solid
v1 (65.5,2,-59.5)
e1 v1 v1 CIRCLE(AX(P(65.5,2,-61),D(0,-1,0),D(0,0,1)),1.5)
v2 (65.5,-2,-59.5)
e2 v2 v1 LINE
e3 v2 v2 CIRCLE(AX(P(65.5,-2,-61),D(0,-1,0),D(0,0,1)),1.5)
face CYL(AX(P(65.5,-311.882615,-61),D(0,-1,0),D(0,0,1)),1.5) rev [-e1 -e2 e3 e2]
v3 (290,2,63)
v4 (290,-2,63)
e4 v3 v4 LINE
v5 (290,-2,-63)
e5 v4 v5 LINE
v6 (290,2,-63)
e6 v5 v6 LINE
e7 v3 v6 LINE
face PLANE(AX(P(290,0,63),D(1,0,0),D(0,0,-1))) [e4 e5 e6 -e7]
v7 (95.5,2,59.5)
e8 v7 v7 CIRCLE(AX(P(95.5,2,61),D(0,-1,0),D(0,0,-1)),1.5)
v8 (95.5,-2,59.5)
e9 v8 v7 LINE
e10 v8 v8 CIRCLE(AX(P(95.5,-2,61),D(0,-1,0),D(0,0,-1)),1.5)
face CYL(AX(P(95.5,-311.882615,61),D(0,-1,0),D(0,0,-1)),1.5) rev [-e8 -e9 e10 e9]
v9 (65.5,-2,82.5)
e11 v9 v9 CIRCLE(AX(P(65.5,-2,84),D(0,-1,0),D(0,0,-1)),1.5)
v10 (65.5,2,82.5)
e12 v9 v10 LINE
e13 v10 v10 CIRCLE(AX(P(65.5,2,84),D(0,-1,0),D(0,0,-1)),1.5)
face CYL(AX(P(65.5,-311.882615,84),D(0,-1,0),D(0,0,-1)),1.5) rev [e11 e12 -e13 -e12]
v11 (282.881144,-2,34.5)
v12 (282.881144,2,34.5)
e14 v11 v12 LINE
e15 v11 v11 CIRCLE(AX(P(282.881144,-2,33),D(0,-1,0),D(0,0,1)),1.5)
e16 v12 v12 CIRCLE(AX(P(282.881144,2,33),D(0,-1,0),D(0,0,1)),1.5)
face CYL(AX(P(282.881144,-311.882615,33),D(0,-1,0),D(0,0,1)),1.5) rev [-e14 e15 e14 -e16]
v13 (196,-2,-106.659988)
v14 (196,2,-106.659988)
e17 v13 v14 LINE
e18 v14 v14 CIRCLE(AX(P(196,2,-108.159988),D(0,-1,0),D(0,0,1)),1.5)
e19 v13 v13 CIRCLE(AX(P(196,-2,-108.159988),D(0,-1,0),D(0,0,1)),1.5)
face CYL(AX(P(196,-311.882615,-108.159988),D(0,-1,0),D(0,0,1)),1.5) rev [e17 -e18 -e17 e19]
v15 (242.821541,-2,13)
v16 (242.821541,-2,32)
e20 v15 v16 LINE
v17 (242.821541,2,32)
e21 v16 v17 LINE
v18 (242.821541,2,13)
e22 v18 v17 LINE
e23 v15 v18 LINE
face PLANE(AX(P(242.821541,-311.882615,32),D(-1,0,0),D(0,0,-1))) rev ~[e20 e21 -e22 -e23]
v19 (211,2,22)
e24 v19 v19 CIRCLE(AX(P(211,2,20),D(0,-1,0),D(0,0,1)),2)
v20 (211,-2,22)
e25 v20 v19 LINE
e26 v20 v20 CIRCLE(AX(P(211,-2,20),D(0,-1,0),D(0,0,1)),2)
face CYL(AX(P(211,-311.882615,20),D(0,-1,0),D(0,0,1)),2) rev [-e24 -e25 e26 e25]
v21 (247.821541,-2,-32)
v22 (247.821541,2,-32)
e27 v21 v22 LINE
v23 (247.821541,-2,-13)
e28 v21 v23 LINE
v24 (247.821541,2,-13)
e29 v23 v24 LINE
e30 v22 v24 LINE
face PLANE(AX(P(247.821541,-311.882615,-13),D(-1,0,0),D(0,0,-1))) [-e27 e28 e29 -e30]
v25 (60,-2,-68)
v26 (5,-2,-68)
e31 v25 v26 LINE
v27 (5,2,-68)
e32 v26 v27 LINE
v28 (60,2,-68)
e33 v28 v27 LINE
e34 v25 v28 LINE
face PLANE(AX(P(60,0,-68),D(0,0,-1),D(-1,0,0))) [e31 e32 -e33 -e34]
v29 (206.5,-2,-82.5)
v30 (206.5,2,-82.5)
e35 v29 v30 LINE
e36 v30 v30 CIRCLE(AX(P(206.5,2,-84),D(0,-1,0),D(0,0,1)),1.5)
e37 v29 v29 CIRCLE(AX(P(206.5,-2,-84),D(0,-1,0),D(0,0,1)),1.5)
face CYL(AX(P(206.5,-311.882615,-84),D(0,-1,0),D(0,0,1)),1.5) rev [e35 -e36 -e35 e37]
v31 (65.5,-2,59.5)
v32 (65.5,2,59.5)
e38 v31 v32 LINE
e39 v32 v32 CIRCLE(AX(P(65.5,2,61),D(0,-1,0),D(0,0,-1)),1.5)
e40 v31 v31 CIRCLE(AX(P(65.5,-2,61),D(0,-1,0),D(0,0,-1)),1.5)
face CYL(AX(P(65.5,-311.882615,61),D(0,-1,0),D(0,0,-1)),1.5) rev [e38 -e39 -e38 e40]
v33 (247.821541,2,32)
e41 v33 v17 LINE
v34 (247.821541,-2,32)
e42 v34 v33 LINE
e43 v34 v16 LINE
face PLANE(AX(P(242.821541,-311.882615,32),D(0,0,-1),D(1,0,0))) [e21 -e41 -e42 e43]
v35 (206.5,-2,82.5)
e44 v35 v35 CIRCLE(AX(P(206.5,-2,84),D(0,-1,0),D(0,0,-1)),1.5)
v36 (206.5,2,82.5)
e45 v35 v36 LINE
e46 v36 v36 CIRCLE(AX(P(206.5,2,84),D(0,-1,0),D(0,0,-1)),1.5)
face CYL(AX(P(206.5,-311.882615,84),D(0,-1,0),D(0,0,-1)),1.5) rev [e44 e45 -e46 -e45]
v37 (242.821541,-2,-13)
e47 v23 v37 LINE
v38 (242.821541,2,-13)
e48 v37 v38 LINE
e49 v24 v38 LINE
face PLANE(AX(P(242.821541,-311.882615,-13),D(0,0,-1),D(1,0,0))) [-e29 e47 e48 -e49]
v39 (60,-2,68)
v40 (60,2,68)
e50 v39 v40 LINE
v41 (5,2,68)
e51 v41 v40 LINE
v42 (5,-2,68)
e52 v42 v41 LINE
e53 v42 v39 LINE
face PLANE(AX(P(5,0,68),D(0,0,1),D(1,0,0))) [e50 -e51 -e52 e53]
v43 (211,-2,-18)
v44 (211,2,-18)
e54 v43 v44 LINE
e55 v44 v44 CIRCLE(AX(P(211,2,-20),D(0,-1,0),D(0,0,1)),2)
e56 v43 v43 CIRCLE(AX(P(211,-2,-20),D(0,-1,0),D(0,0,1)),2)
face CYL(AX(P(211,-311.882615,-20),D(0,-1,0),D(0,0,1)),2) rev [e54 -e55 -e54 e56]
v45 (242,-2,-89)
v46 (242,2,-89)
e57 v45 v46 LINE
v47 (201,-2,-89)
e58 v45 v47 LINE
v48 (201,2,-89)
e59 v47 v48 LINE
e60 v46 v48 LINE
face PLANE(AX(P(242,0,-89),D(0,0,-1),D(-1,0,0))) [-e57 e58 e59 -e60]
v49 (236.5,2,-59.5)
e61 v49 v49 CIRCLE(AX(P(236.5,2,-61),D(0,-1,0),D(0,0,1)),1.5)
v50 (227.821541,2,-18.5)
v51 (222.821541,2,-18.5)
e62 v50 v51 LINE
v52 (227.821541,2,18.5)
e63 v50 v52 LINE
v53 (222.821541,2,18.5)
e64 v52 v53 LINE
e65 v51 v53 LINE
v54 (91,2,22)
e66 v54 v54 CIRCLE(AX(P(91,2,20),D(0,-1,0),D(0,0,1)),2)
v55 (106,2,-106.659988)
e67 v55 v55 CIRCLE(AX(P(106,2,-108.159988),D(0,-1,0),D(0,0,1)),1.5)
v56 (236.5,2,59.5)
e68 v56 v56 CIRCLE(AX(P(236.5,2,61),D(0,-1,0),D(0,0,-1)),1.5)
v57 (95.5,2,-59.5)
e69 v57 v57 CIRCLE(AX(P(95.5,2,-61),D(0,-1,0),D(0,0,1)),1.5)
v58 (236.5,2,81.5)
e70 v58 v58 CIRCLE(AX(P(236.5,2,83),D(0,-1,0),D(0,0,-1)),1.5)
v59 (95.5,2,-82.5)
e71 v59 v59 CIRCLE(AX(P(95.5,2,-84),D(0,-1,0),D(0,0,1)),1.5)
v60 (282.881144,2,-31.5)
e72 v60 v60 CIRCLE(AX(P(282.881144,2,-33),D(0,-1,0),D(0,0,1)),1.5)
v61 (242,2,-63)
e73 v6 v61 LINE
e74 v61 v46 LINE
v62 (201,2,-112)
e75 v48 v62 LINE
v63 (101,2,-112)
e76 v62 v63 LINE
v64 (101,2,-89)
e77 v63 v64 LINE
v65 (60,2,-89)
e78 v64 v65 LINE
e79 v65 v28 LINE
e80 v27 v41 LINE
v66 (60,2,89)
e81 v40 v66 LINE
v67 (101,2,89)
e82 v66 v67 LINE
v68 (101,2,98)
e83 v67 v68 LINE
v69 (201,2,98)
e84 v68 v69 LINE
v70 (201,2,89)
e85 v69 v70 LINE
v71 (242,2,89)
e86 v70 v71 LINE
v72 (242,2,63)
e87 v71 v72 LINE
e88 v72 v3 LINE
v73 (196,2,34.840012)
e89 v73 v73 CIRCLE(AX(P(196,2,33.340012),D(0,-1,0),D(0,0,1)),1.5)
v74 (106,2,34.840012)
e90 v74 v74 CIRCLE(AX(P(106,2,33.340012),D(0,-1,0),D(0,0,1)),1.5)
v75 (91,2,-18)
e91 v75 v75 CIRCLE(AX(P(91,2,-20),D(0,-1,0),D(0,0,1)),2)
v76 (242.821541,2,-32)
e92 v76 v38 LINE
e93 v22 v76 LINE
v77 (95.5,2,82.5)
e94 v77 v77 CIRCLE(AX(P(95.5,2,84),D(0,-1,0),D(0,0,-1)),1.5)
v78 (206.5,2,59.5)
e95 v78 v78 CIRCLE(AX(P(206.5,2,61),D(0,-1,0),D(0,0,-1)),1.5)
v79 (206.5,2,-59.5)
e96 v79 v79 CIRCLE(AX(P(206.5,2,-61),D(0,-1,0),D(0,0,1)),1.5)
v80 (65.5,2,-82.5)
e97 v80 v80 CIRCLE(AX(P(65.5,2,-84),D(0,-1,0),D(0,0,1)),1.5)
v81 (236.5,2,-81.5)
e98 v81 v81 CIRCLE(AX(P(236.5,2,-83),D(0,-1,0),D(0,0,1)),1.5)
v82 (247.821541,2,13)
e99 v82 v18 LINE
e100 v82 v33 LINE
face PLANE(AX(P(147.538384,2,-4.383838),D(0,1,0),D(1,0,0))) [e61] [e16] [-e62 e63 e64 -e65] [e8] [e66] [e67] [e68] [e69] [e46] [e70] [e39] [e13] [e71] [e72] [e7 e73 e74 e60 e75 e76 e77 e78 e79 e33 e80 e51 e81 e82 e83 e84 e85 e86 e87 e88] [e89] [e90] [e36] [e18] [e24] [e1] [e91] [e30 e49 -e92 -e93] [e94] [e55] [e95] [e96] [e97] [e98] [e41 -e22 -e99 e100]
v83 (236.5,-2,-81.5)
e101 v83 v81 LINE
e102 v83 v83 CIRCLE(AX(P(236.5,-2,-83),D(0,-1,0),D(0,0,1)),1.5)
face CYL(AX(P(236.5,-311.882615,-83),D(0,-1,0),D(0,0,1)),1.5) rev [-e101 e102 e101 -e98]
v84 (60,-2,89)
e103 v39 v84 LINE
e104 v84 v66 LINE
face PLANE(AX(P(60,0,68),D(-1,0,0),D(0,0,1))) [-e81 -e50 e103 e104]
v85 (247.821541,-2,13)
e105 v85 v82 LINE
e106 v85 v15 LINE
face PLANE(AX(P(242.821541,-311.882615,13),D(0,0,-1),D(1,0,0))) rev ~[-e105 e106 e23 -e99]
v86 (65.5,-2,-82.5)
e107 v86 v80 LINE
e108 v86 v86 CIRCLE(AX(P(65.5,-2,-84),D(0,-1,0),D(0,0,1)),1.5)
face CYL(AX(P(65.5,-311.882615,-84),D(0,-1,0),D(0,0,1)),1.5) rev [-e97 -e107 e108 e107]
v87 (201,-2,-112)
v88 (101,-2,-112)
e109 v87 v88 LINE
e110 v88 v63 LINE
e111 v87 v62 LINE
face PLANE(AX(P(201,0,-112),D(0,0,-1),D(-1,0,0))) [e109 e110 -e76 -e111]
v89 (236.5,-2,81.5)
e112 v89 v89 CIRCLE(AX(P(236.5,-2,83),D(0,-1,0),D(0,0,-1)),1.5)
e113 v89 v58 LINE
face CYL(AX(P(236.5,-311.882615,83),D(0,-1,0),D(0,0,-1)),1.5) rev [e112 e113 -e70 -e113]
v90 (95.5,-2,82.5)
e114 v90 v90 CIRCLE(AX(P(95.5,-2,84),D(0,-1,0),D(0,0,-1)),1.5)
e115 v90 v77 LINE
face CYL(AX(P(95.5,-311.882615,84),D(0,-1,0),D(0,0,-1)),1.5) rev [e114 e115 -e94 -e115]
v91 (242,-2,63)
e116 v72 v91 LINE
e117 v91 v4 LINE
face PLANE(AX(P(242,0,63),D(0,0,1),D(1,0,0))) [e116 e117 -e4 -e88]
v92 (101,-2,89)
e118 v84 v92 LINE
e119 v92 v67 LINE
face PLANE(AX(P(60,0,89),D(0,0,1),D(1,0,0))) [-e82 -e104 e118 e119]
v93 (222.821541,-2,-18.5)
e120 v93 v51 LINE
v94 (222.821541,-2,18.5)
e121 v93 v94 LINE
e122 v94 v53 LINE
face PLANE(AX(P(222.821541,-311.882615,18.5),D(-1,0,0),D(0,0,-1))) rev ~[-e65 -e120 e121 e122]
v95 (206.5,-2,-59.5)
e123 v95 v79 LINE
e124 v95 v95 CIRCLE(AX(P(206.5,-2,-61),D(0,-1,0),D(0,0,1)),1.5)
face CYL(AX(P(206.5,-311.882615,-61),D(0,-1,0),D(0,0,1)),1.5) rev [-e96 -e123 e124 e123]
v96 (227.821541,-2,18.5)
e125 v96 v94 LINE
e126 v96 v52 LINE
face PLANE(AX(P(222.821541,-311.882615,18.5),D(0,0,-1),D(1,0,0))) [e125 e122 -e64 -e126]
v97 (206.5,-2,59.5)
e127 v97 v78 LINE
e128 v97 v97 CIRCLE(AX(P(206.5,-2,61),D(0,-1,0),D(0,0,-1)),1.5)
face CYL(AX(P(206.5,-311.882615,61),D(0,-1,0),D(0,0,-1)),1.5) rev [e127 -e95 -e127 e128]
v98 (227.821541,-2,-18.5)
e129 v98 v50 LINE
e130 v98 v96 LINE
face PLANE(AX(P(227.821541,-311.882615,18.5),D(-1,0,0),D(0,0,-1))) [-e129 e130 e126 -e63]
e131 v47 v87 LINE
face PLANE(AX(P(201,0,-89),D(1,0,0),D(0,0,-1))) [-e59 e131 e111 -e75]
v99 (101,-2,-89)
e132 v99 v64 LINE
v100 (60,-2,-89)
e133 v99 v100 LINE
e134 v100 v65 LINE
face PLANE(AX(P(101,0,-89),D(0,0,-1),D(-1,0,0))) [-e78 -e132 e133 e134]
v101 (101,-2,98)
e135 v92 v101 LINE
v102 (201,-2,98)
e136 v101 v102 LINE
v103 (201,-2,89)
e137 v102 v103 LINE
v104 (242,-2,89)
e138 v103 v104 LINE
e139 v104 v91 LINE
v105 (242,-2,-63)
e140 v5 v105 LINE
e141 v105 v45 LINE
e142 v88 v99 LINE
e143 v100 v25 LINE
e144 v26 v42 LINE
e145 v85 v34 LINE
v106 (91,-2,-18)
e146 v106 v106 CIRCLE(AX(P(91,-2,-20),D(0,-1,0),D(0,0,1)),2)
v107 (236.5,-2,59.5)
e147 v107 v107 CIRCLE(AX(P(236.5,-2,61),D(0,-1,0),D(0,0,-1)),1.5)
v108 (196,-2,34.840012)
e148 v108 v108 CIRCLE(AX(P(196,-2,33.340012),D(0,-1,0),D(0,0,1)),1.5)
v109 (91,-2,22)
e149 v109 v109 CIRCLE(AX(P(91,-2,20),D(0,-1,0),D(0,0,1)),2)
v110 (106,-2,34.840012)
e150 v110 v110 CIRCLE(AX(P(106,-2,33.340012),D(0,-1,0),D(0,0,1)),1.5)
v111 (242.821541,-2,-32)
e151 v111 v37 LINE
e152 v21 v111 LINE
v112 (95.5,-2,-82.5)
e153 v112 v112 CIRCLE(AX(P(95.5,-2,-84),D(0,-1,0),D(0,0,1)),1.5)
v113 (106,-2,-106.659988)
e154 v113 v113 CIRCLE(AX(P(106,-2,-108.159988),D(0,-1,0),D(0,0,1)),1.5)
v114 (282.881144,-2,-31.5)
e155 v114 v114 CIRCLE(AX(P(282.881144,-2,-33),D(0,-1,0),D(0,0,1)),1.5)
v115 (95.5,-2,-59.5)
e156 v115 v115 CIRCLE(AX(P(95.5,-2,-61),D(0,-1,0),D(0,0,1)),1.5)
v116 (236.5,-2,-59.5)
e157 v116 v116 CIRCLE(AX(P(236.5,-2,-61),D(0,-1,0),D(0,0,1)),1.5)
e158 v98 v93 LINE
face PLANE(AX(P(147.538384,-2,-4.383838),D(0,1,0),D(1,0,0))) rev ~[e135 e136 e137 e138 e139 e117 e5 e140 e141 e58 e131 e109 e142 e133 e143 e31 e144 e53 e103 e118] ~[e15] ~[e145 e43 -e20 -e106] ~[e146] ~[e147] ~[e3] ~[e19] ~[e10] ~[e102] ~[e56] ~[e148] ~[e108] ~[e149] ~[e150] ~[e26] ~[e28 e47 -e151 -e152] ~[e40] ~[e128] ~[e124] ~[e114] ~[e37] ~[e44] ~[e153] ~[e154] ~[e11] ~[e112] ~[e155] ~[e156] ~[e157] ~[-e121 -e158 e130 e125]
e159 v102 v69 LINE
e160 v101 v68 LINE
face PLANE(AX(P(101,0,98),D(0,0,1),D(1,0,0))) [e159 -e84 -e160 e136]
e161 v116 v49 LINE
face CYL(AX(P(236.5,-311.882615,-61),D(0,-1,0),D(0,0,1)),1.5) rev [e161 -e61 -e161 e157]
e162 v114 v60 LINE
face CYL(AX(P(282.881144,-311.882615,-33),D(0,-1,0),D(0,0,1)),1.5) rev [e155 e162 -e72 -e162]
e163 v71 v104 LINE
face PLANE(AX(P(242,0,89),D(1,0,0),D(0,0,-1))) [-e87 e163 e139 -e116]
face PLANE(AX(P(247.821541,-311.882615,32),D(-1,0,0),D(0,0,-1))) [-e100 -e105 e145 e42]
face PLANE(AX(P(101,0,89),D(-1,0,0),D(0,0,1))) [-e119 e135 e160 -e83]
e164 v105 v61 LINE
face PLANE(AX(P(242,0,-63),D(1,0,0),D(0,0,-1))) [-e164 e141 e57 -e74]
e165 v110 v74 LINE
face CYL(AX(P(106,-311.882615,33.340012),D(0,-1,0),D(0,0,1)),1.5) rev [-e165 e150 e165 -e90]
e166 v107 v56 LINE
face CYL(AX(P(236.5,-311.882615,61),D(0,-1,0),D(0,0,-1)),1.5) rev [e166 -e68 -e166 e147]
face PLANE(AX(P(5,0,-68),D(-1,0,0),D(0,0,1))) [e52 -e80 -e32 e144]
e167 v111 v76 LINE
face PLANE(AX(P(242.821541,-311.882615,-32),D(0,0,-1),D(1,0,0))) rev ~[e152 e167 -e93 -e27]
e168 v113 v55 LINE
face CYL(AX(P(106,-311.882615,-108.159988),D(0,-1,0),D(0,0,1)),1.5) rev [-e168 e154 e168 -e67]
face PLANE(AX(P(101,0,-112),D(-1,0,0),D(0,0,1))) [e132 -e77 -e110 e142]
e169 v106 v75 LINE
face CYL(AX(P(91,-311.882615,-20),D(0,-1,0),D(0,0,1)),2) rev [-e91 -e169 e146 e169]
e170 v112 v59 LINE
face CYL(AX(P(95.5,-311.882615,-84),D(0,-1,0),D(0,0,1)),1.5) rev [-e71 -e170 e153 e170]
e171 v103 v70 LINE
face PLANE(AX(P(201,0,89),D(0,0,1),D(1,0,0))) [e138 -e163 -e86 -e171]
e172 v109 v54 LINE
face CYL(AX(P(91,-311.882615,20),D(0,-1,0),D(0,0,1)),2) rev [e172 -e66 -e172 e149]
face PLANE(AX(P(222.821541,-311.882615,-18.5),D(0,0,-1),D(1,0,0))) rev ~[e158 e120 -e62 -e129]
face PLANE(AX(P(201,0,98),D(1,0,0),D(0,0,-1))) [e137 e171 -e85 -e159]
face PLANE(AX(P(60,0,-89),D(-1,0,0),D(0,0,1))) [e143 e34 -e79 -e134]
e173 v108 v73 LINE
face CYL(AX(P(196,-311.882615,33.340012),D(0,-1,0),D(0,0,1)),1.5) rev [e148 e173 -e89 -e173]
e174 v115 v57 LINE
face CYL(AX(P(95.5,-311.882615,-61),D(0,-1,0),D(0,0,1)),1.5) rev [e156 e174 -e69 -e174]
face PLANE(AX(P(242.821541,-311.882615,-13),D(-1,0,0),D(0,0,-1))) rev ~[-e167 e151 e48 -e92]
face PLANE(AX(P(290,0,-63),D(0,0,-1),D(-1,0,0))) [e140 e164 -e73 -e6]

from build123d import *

# Parameters (mm, degrees)
EXTRUDE_630_DEPTH           = 2
CUT_EXTRUDE_1091_DEPTH      = 311.882614503
CUT_EXTRUDE_1091_DEPTH_BACK = 311.882614503
SKETCH_5_R                  = 1.5
CUT_EXTRUDE_1860_DEPTH      = 311.882614503
CUT_EXTRUDE_1860_DEPTH_BACK = 311.882614503
SKETCH_10_R                 = 1.5
CUT_EXTRUDE_2028_DEPTH      = 311.882614503
CUT_EXTRUDE_2028_DEPTH_BACK = 311.882614503
SKETCH_11_R                 = 2
CUT_EXTRUDE_2382_DEPTH      = 311.882614503
CUT_EXTRUDE_2382_DEPTH_BACK = 311.882614503
SKETCH_12_W                 = 5
SKETCH_12_H                 = 19
SKETCH_12_H_2               = 37
CUT_EXTRUDE_2536_DEPTH      = 311.882614503
CUT_EXTRUDE_2536_DEPTH_BACK = 311.882614503
SKETCH_13_R                 = 1.5


with BuildPart() as part:
    # 草图1 → Extrude 630 (new, symmetric)
    with BuildSketch(Plane(origin=(0, 0, 0), x_dir=(1, 0, 0), z_dir=(0, 1, 0))):
        Polygon((290, -63), (290, 63), (242, 63), (242, 89), (201, 89), (201, 112), (101, 112), (101, 89), (60, 89), (60, 68), (5, 68), (5, -68), (60, -68), (60, -89), (101, -89), (101, -98), (201, -98), (201, -89), (242, -89), (242, -63), align=None)
    extrude(amount=EXTRUDE_630_DEPTH, both=True)

    # 草图5 → Cut-Extrude 1091 (cut, two sides: drawn at the far end of the back side and taken through both)
    with BuildSketch(Plane(origin=(0, 0, 0), x_dir=(1, 0, 0), z_dir=(0, 1, 0)).offset(-CUT_EXTRUDE_1091_DEPTH_BACK)):
        with Locations(Location((65.5, 84, 0), (0, 0, 270))):
            Circle(SKETCH_5_R)
        with Locations(Location((95.5, 84, 0), (0, 0, 270))):
            Circle(SKETCH_5_R)
        with Locations(Location((65.5, 61, 0), (0, 0, 270))):
            Circle(SKETCH_5_R)
        with Locations(Location((95.5, 61, 0), (0, 0, 270))):
            Circle(SKETCH_5_R)
        with Locations(Location((206.5, 61, 0), (0, 0, 270))):
            Circle(SKETCH_5_R)
        with Locations(Location((206.5, 84, 0), (0, 0, 270))):
            Circle(SKETCH_5_R)
        with Locations(Location((236.5, 61, 0), (0, 0, 270))):
            Circle(SKETCH_5_R)
        with Locations(Location((236.5, 83, 0), (0, 0, 270))):
            Circle(SKETCH_5_R)
        with Locations(Location((236.5, -61, 0), (0, 0, 90))):
            Circle(SKETCH_5_R)
        with Locations(Location((206.5, -61, 0), (0, 0, 90))):
            Circle(SKETCH_5_R)
        with Locations(Location((236.5, -83, 0), (0, 0, 90))):
            Circle(SKETCH_5_R)
        with Locations(Location((206.5, -84, 0), (0, 0, 90))):
            Circle(SKETCH_5_R)
        with Locations(Location((95.5, -61, 0), (0, 0, 90))):
            Circle(SKETCH_5_R)
        with Locations(Location((95.5, -84, 0), (0, 0, 90))):
            Circle(SKETCH_5_R)
        with Locations(Location((65.5, -61, 0), (0, 0, 90))):
            Circle(SKETCH_5_R)
        with Locations(Location((65.5, -84, 0), (0, 0, 90))):
            Circle(SKETCH_5_R)
    extrude(amount=CUT_EXTRUDE_1091_DEPTH + CUT_EXTRUDE_1091_DEPTH_BACK, mode=Mode.SUBTRACT)

    # 草图10 → Cut-Extrude 1860 (cut, two sides: drawn at the far end of the back side and taken through both)
    with BuildSketch(Plane(origin=(0, 0, 0), x_dir=(1, 0, 0), z_dir=(0, 1, 0)).offset(-CUT_EXTRUDE_1860_DEPTH_BACK)):
        with Locations(Location((106, 108.159987948, 0), (0, 0, 270))):
            Circle(SKETCH_10_R)
        with Locations(Location((196, 108.159987948, 0), (0, 0, 270))):
            Circle(SKETCH_10_R)
        with Locations(Location((106, -33.340012052, 0), (0, 0, 270))):
            Circle(SKETCH_10_R)
        with Locations(Location((196, -33.340012052, 0), (0, 0, 270))):
            Circle(SKETCH_10_R)
    extrude(amount=CUT_EXTRUDE_1860_DEPTH + CUT_EXTRUDE_1860_DEPTH_BACK, mode=Mode.SUBTRACT)

    # 草图11 → Cut-Extrude 2028 (cut, two sides: drawn at the far end of the back side and taken through both)
    with BuildSketch(Plane(origin=(0, 0, 0), x_dir=(1, 0, 0), z_dir=(0, 1, 0)).offset(-CUT_EXTRUDE_2028_DEPTH_BACK)):
        with Locations(Location((91, 20, 0), (0, 0, 270))):
            Circle(SKETCH_11_R)
        with Locations(Location((91, -20, 0), (0, 0, 270))):
            Circle(SKETCH_11_R)
        with Locations(Location((211, 20, 0), (0, 0, 270))):
            Circle(SKETCH_11_R)
        with Locations(Location((211, -20, 0), (0, 0, 270))):
            Circle(SKETCH_11_R)
    extrude(amount=CUT_EXTRUDE_2028_DEPTH + CUT_EXTRUDE_2028_DEPTH_BACK, mode=Mode.SUBTRACT)

    # 草图12 → Cut-Extrude 2382 (cut, two sides: drawn at the far end of the back side and taken through both)
    with BuildSketch(Plane(origin=(0, 0, 0), x_dir=(1, 0, 0), z_dir=(0, 1, 0)).offset(-CUT_EXTRUDE_2382_DEPTH_BACK)):
        with Locations((245.321540625, 22.5)):
            Rectangle(SKETCH_12_W, SKETCH_12_H)
        with Locations((245.321540625, -22.5)):
            Rectangle(SKETCH_12_W, SKETCH_12_H)
        with Locations((225.321540625, 0)):
            Rectangle(SKETCH_12_W, SKETCH_12_H_2)
    extrude(amount=CUT_EXTRUDE_2382_DEPTH + CUT_EXTRUDE_2382_DEPTH_BACK, mode=Mode.SUBTRACT)

    # 草图13 → Cut-Extrude 2536 (cut, two sides: drawn at the far end of the back side and taken through both)
    with BuildSketch(Plane(origin=(0, 0, 0), x_dir=(1, 0, 0), z_dir=(0, 1, 0)).offset(-CUT_EXTRUDE_2536_DEPTH_BACK)):
        with Locations(Location((282.881144326, 33, 0), (0, 0, 270))):
            Circle(SKETCH_13_R)
        with Locations(Location((282.881144326, -33, 0), (0, 0, 270))):
            Circle(SKETCH_13_R)
    extrude(amount=CUT_EXTRUDE_2536_DEPTH + CUT_EXTRUDE_2536_DEPTH_BACK, mode=Mode.SUBTRACT)


solid = part.part
